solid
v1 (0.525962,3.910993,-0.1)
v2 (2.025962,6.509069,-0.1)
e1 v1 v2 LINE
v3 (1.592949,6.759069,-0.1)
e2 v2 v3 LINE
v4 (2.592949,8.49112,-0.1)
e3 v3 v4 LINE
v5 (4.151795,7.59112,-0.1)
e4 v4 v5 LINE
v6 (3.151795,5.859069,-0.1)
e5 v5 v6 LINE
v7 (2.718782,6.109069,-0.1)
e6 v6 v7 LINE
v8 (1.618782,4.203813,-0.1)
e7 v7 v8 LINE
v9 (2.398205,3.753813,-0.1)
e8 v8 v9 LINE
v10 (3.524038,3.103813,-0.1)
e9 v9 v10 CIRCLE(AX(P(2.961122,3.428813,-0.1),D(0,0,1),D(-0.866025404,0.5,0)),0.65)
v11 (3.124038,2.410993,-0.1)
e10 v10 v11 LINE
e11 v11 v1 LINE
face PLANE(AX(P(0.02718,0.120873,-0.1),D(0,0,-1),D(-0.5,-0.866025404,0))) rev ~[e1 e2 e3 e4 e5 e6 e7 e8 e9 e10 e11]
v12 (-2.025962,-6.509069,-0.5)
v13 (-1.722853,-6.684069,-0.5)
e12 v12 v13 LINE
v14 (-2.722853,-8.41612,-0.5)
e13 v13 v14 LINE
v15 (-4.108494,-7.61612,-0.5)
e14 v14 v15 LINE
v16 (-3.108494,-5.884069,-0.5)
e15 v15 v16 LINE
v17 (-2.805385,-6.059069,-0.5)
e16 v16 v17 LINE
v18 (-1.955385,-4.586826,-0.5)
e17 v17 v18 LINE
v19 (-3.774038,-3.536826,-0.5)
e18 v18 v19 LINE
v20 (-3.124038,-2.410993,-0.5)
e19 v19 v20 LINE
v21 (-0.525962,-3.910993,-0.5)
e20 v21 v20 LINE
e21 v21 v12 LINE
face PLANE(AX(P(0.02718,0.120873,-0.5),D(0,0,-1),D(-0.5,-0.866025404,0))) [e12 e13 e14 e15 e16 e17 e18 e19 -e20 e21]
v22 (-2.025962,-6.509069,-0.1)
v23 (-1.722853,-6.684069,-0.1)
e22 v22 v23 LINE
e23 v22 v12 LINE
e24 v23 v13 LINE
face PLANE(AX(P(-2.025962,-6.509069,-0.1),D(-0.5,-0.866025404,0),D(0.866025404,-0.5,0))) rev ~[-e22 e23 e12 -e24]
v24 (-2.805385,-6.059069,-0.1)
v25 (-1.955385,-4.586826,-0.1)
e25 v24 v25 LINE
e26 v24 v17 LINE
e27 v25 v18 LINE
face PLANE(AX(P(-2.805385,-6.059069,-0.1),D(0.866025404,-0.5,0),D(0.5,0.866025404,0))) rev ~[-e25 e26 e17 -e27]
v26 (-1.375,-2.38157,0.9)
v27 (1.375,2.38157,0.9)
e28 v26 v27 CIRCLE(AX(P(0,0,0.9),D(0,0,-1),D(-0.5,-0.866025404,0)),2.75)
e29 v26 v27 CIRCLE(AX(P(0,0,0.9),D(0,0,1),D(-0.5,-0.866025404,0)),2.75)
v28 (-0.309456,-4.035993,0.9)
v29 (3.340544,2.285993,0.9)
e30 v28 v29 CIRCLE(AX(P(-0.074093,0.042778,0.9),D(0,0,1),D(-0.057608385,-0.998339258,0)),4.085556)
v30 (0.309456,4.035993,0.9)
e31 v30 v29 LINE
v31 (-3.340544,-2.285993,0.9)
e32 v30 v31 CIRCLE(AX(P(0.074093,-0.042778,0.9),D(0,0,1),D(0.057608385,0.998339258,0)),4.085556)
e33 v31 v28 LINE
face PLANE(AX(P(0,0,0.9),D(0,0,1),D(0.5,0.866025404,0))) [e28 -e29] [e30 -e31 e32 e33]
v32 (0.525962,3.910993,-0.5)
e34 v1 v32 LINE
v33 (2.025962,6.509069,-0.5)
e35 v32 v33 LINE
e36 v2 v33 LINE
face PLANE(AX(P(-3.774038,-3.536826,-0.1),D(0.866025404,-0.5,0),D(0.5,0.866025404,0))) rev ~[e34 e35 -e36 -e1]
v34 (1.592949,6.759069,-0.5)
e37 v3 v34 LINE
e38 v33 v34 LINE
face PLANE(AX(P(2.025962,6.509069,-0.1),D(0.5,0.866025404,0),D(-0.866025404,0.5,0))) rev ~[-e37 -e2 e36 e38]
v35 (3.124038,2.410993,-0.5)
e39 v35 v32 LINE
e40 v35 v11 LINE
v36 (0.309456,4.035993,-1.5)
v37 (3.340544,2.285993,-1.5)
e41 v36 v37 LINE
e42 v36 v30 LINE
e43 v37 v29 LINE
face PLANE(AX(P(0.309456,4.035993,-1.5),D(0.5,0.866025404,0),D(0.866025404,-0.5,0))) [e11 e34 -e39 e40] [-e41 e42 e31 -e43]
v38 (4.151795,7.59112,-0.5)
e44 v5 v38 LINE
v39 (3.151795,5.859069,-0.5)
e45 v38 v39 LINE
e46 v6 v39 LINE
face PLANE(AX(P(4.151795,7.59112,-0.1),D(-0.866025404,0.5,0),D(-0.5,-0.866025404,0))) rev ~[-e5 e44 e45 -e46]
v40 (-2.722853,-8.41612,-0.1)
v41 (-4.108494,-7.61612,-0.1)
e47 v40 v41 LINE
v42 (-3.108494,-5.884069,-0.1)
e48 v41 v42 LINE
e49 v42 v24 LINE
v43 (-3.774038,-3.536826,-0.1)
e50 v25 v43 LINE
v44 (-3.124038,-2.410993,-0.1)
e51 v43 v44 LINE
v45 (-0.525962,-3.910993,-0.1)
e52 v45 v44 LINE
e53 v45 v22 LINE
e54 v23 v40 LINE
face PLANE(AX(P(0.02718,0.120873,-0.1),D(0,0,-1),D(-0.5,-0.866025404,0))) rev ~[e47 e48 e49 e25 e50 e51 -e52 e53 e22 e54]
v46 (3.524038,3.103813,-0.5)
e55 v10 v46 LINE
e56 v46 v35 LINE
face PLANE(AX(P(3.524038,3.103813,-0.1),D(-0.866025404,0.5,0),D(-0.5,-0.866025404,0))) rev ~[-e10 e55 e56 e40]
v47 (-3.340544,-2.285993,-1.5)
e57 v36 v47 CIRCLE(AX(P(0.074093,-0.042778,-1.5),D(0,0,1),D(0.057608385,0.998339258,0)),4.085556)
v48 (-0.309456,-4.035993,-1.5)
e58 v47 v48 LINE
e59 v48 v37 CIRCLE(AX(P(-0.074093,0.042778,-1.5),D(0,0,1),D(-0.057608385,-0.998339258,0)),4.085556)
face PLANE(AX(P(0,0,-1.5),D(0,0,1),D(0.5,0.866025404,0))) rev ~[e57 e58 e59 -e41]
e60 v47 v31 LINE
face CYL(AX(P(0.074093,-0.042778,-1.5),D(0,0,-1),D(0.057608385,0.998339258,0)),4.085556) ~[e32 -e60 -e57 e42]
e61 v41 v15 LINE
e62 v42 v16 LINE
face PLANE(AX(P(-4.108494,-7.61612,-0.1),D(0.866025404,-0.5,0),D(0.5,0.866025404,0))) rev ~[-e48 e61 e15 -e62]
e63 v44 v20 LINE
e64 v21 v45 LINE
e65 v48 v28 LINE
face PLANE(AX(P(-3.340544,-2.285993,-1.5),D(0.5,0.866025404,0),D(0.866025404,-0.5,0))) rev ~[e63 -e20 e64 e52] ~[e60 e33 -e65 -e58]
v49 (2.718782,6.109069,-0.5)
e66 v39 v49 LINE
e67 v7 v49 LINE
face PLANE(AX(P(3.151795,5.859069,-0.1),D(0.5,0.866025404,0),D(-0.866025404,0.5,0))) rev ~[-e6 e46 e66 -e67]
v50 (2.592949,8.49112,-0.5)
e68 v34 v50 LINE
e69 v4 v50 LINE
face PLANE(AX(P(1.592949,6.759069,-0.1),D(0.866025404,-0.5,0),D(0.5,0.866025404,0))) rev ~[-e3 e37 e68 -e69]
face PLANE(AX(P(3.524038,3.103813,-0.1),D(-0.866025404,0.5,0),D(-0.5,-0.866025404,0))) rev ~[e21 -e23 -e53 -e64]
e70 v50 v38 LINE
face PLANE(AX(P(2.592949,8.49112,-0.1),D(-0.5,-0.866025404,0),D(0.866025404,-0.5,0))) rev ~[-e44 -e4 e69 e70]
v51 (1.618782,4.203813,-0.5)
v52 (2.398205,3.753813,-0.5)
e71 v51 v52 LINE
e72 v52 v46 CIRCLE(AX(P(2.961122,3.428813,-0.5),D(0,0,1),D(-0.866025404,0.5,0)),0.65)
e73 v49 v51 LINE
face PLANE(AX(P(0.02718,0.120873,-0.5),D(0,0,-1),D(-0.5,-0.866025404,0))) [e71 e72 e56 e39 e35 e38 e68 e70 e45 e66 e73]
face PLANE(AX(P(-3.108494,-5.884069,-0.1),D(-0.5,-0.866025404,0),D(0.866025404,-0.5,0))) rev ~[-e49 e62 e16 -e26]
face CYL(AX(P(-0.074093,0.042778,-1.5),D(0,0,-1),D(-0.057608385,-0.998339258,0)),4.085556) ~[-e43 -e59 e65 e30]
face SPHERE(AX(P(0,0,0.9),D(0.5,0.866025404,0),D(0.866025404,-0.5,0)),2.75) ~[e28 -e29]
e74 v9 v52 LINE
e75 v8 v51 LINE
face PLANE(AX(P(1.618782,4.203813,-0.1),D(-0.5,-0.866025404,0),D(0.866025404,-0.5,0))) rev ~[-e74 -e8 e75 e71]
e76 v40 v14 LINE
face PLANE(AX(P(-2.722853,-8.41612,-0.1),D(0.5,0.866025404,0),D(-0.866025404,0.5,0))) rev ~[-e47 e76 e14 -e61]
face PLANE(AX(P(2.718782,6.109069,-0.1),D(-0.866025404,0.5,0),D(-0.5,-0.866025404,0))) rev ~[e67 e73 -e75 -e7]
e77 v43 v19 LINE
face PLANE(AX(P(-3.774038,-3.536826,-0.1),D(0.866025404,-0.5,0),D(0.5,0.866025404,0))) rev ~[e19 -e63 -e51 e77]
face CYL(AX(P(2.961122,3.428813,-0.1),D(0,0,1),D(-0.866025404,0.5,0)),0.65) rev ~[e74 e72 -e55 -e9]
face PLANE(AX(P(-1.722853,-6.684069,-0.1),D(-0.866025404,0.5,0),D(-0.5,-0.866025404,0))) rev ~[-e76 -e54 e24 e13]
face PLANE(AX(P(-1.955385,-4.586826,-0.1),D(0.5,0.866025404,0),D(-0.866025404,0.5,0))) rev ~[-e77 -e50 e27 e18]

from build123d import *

# Parameters (mm, degrees)
REVOLUTION006_ANGLE       = -180
PAD029_DEPTH              = 0.4
BODY028_PLACEMENT_ANGLE   = 180
PAD028_DEPTH              = 2.4
FUSION007_PLACEMENT_ANGLE = 60


with BuildPart() as light006:
    # Sketch044 (on Face1 of ShapeBinder013) → Revolution006 (revolve)
    with BuildSketch(Plane.XY.offset(2.4)):
        with BuildLine():
            ThreePointArc((-2.75, 0), (0, -2.75), (2.75, 0))
            Line((-2.75, 0), (2.75, 0))
        make_face()
    revolve(axis=Axis((-2.75, 0, 2.4), (1, 0, 0)), revolution_arc=REVOLUTION006_ANGLE)


with BuildPart() as body028:
    # Sketch045 (on Face1 of ShapeBinder014) → Pad029 (new body)
    with BuildSketch(Plane(origin=(0, 0, 0), x_dir=(1, 0, 0), z_dir=(0, 0, -1))):
        with BuildLine():
            Line((3.65, 1.5), (6.65, 1.5))
            Line((6.65, 1.5), (6.65, 2))
            Line((6.65, 2), (8.65, 2))
            Line((8.65, 2), (8.65, 0.2))
            Line((8.65, 0.2), (6.65, 0.2))
            Line((6.65, 0.2), (6.65, 0.7))
            Line((6.65, 0.7), (4.45, 0.7))
            Line((4.45, 0.7), (4.45, -0.2))
            ThreePointArc((4.45, -0.2), (3.8, -0.85), (4.45, -1.5))
            Line((4.45, -1.5), (-6.65, -1.5))
            Line((-6.65, -1.5), (-6.65, -1.85))
            Line((-6.65, -1.85), (-8.65, -1.85))
            Line((-8.65, -1.85), (-8.65, -0.25))
            Line((-8.65, -0.25), (-6.65, -0.25))
            Line((-6.65, -0.25), (-6.65, -0.6))
            Line((-6.65, -0.6), (-4.95, -0.6))
            Line((-4.95, -0.6), (-4.95, 1.5))
            Line((-4.95, 1.5), (3.65, 1.5))
        make_face()
    extrude(amount=-PAD029_DEPTH)


with BuildPart() as body028_1:
    # Body028 placement: moved
    add(body028.part.moved(Location((0, 0, 1.4))).rotate(Axis((0, 0, 1.4), (1, 0, 0)), BODY028_PLACEMENT_ANGLE))


with BuildPart() as led1:
    # Sketch043 → Pad028 (new body)
    with BuildSketch(Plane.XY):
        with BuildLine():
            Line((-3.65, 1.75), (-3.65, -1.75))
            ThreePointArc((-3.65, -1.75), (0, -4), (3.65, -1.75))
            Line((3.65, 1.75), (3.65, -1.75))
            ThreePointArc((3.65, 1.75), (0, 4), (-3.65, 1.75))
        make_face()
    extrude(amount=PAD028_DEPTH)

    # Fusion007: union light006, Body028
    add(light006.part)
    add(body028_1.part)


with BuildPart() as led1_1:
    # Fusion007 placement: moved
    add(led1.part.moved(Location((0, 0, -1.5))).rotate(Axis((0, 0, -1.5), (0, 0, 1)), FUSION007_PLACEMENT_ANGLE))


solid = led1_1.part
